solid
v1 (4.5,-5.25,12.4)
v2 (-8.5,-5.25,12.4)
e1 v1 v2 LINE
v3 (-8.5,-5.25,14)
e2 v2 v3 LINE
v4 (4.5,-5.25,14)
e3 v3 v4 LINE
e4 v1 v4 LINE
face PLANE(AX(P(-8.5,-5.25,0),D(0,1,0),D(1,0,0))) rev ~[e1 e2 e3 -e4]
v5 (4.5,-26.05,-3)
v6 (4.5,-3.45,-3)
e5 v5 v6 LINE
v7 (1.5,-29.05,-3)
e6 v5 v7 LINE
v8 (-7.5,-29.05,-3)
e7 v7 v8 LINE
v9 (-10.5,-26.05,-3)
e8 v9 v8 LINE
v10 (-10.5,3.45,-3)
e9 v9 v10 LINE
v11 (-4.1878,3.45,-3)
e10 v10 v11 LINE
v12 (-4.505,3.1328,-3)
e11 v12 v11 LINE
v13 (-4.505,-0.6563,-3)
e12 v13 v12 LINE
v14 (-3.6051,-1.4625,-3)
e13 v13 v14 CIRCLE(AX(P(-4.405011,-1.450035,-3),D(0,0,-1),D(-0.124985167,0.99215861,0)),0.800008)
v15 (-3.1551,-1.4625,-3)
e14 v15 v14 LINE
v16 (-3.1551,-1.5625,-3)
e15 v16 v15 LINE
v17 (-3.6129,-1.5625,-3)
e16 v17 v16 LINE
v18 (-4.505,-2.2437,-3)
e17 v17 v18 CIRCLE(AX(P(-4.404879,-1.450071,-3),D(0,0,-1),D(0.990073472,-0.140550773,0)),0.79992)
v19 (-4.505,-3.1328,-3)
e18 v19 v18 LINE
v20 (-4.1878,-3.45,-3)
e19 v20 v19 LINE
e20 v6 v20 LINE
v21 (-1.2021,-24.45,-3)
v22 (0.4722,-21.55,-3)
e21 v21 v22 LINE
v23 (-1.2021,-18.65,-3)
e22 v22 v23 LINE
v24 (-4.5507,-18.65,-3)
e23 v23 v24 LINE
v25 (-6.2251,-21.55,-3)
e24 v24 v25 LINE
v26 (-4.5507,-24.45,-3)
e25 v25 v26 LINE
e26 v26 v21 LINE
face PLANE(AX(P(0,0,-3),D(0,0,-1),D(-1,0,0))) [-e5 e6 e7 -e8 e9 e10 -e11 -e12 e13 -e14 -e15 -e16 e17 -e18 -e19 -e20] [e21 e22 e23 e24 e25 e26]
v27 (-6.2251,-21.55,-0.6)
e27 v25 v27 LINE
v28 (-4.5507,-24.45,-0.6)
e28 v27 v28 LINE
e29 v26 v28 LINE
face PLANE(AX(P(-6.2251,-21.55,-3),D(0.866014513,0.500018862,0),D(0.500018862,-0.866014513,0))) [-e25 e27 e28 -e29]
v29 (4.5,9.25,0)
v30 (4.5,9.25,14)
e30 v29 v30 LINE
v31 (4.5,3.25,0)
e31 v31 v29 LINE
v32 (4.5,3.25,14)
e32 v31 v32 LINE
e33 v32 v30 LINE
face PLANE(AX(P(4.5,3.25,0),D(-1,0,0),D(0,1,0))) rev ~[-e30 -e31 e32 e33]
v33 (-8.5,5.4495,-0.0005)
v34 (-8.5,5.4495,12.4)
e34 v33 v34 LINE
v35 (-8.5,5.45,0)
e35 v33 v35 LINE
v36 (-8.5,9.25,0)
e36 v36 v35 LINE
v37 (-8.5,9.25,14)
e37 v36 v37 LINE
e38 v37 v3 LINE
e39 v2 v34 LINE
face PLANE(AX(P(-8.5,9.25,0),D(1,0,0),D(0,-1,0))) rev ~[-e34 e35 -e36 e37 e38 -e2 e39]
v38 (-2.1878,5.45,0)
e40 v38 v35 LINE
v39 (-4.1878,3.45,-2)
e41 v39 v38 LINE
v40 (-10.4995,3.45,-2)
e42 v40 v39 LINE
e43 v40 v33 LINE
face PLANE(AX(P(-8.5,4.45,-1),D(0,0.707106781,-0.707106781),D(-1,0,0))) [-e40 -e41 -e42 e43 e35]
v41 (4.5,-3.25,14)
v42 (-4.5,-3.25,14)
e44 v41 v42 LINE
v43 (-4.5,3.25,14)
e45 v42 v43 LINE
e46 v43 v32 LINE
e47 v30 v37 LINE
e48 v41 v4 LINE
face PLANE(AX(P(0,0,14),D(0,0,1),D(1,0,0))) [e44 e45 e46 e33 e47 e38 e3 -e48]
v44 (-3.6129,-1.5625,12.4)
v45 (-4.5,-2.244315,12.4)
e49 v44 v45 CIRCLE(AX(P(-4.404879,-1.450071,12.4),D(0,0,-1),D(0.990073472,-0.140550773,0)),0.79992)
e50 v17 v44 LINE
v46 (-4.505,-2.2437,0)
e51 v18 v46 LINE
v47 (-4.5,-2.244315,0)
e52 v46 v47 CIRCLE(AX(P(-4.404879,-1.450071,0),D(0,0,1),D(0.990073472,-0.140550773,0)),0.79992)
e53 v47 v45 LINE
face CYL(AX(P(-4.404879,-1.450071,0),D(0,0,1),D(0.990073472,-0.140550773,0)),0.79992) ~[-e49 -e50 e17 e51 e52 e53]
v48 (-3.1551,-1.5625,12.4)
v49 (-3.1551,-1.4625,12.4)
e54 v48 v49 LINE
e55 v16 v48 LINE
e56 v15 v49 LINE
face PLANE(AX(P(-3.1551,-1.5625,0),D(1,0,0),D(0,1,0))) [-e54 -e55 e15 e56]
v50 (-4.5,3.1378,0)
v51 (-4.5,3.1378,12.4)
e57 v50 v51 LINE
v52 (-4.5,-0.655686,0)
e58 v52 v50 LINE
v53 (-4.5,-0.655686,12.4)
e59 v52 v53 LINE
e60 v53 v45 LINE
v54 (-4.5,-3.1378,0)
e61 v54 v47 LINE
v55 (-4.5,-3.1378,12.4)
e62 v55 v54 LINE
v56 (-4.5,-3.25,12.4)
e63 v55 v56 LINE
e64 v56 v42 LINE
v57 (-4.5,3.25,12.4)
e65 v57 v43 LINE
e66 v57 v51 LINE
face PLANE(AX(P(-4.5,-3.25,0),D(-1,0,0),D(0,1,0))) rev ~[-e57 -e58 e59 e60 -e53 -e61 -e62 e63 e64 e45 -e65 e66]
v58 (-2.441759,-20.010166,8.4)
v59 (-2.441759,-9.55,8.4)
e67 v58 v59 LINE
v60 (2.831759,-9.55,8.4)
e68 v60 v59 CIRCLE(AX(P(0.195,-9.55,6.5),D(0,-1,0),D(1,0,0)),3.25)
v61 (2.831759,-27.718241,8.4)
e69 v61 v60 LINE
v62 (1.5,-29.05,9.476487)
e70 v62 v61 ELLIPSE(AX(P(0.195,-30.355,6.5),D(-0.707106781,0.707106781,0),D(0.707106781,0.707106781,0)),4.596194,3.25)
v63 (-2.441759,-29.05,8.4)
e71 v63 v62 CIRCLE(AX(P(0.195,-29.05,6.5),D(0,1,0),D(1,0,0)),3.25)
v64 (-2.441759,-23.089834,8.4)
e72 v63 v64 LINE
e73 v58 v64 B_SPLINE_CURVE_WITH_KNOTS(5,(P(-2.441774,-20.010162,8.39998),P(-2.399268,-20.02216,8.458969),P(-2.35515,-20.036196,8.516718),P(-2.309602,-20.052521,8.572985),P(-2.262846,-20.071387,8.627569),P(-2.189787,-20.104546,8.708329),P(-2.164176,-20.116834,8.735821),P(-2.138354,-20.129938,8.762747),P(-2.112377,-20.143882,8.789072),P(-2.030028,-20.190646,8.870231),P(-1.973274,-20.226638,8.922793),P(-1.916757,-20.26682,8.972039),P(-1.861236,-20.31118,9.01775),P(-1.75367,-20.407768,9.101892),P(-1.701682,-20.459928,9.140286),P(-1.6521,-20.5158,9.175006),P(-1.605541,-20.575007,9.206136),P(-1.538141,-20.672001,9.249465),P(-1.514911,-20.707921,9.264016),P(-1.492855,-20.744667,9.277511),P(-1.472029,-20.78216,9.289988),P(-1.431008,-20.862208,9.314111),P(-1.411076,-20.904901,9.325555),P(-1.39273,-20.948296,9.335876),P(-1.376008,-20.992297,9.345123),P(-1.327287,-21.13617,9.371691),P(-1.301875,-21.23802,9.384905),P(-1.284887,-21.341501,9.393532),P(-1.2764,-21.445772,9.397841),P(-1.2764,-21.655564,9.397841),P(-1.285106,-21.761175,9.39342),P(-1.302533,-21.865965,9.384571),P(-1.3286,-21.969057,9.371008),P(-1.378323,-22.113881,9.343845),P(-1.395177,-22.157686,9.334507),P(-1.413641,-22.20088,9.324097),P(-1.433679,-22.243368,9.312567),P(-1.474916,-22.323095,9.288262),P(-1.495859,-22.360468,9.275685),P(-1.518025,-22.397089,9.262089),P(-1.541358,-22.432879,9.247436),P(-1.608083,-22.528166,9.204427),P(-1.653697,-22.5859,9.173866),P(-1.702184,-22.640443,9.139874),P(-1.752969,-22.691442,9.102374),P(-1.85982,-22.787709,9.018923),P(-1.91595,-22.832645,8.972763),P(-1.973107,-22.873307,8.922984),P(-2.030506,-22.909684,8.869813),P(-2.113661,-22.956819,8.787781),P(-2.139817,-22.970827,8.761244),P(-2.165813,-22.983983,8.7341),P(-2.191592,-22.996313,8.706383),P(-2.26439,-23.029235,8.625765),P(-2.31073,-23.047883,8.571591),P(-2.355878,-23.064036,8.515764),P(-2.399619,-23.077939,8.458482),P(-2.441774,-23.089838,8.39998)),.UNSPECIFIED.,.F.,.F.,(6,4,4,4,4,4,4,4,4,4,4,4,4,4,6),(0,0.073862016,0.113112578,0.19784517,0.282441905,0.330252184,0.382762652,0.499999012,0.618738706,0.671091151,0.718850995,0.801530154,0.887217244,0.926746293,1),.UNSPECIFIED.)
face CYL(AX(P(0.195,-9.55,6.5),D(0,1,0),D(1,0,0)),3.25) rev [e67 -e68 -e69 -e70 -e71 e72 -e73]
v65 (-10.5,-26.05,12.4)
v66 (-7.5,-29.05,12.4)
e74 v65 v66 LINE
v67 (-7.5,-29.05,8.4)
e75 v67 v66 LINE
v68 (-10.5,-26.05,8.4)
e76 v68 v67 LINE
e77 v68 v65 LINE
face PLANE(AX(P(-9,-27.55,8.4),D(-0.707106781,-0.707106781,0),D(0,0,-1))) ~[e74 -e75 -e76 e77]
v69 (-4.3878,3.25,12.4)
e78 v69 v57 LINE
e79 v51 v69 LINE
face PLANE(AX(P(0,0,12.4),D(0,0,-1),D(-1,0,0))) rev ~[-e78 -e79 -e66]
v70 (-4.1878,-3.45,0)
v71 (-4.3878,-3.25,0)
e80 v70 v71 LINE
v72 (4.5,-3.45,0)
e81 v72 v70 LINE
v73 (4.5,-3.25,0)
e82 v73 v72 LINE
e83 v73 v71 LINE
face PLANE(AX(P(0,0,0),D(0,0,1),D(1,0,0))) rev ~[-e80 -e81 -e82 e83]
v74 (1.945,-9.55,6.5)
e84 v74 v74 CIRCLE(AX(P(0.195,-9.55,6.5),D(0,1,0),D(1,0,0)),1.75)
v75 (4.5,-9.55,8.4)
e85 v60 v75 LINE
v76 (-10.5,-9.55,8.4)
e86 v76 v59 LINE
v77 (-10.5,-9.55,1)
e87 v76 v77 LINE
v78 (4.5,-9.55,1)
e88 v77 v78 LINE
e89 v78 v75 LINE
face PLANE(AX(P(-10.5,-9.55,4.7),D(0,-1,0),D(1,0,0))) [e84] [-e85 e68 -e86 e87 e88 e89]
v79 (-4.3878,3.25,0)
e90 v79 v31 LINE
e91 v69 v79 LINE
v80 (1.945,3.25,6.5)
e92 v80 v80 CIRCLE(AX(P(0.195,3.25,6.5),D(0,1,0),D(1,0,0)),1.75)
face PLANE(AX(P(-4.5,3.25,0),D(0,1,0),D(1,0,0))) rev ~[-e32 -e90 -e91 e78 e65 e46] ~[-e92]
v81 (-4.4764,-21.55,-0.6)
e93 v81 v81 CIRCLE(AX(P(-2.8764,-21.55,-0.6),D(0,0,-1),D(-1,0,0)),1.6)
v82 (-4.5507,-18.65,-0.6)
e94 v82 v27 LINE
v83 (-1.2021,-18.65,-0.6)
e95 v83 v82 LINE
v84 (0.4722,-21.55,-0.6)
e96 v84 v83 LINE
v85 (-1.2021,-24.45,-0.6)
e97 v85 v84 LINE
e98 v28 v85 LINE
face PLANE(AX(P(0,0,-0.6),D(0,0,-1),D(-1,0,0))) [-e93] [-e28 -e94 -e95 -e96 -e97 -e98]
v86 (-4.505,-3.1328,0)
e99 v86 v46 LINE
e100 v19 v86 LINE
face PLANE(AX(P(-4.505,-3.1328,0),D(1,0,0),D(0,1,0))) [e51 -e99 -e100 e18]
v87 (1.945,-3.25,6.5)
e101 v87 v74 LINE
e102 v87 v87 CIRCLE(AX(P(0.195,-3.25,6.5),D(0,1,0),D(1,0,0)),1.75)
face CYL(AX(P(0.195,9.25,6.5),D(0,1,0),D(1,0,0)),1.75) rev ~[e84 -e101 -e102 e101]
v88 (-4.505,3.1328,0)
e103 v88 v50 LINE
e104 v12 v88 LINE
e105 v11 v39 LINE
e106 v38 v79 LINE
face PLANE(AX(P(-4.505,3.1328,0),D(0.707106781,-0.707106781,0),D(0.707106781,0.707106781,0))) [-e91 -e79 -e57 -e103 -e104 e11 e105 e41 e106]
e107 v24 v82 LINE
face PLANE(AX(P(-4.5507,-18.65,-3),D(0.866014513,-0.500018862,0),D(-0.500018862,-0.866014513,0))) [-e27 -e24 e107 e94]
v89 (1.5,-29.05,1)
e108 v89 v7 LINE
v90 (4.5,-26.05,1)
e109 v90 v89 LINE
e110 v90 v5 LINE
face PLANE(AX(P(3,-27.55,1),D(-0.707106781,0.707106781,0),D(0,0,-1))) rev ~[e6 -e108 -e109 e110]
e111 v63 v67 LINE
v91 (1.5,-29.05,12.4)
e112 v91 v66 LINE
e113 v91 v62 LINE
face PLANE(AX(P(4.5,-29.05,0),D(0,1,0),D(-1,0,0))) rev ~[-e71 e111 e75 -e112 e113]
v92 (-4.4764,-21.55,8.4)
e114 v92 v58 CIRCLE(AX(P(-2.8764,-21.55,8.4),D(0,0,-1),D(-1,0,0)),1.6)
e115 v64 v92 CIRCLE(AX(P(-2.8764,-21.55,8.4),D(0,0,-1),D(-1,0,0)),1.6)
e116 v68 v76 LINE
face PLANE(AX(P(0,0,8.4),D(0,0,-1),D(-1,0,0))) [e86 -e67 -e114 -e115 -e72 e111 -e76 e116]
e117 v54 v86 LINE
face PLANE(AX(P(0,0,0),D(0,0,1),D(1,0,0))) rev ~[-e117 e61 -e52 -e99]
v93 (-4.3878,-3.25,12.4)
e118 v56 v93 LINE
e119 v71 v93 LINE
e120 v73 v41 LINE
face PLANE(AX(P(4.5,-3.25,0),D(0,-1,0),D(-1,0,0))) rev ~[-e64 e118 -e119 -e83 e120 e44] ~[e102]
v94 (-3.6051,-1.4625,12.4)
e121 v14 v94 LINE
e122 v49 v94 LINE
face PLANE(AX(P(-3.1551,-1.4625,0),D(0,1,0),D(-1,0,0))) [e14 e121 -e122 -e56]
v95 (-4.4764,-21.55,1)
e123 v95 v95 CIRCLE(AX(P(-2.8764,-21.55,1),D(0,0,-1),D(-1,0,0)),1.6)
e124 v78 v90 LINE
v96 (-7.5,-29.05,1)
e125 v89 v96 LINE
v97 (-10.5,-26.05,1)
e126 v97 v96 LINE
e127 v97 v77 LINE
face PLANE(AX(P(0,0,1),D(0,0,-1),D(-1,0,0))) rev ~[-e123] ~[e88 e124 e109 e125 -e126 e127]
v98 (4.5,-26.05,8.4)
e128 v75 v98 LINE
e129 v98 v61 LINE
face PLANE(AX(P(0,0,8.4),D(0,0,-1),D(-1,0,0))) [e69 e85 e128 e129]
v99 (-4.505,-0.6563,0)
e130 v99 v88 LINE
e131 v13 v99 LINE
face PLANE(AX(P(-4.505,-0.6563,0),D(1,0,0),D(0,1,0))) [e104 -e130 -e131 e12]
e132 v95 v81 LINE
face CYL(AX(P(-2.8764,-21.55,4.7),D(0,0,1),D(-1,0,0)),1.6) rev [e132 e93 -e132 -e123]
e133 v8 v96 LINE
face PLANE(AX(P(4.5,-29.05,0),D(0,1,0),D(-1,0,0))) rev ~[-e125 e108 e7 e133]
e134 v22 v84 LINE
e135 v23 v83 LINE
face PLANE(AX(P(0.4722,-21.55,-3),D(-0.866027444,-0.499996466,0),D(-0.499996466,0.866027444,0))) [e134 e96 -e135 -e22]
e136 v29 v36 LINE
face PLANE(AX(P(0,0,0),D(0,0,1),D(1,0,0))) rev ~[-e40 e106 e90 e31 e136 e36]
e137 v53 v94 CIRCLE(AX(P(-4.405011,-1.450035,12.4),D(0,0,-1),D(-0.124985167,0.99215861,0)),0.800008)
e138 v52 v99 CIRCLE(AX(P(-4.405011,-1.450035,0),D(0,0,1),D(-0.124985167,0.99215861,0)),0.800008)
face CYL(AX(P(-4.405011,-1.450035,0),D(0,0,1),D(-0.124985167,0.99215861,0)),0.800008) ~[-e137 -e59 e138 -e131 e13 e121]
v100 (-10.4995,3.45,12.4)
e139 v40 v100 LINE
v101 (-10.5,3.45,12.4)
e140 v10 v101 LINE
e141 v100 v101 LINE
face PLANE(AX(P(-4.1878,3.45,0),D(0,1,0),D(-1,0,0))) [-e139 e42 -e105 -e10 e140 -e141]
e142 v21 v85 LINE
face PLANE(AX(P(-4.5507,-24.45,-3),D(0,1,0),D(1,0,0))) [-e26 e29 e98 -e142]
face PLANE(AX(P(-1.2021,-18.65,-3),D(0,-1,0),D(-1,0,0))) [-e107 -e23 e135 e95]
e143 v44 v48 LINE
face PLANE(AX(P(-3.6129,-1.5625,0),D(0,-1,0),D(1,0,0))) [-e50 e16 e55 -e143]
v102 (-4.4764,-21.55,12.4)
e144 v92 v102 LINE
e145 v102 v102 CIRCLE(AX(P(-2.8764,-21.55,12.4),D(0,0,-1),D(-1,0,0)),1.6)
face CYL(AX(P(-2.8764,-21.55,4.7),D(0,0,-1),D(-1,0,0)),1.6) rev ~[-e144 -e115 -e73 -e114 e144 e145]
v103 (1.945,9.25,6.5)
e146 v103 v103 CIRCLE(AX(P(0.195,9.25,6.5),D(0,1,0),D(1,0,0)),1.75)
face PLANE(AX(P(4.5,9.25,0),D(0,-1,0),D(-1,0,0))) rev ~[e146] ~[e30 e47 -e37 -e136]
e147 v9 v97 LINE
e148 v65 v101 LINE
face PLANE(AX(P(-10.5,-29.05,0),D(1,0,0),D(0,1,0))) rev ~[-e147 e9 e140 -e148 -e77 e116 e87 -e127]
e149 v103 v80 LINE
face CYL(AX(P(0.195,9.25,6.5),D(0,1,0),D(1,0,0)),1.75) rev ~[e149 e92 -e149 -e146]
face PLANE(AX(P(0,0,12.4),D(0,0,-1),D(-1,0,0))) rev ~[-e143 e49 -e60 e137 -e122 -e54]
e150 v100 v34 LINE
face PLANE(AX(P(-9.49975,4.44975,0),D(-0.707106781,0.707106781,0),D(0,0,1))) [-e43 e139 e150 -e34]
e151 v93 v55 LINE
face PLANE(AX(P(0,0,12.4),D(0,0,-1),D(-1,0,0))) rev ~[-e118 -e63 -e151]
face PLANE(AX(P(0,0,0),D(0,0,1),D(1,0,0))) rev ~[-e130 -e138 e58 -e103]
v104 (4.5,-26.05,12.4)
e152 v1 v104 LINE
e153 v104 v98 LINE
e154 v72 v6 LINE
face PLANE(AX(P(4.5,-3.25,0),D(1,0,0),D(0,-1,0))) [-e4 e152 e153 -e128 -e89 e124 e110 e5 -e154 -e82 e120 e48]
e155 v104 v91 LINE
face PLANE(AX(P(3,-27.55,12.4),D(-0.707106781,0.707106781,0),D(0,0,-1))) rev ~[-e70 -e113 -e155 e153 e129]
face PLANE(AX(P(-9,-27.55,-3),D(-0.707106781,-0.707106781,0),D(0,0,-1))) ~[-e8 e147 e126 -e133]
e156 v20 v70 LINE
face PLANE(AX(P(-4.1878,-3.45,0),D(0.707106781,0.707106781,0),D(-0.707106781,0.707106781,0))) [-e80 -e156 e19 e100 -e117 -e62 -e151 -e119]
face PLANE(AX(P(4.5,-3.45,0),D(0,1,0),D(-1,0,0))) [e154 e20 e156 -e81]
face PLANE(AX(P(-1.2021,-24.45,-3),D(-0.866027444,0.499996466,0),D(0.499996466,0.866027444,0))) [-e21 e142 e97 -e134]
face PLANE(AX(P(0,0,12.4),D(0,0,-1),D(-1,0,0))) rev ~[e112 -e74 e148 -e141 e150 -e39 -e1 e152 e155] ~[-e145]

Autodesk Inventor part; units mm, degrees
ref_plane "YZ Plane" through (0, 0, 0) normal (1, 0, 0) x (0, 1, 0)
ref_plane "XZ Plane" through (0, 0, 0) normal (0, 1, 0) x (-1, 0, 0)
ref_plane "XY Plane" through (0, 0, 0) normal (0, 0, 1) x (1, 0, 0)
sketch "Эскиз2" plane through (0, 0, 0) normal (0, 0, 1) x (1, 0, 0)
  line L0 (-4.5, 3.25) -> (4.5, 3.25)
  line L1 (4.5, 3.25) -> (4.5, -3.25)
  line L2 (4.5, -3.25) -> (-4.5, -3.25)
  line L3 (-4.5, -3.25) -> (-4.5, 3.25)
  line L4 (-4.5, 3.25) -> (4.5, -3.25) construction
  line L5 (4.5, 3.25) -> (-4.5, -3.25) construction
  line L6 (8.5, 9.25) -> (4.5, 9.25) construction
  line L7 (-8.5, 9.25) -> (-8.5, -5.25)
  line L8 (-8.5, -5.25) -> (4.5, -5.25)
  line L9 (8.5, -5.25) -> (8.5, 9.25) construction
  line L10 (4.5, 3.25) -> (4.5, 9.25)
  line L11 (4.5, -3.25) -> (4.5, -5.25)
  line L12 (4.5, 9.25) -> (-8.5, 9.25)
  line L13 (4.5, -5.25) -> (8.5, -5.25) construction
  point P0 (0, 0)
  dimension "d0" = 9
  dimension "d1" = 6.5
  dimension "d2" = 6
extrude "Выдавливание1" add sketch "Эскиз2" along normal blind 14 contours L3 L2 L11 L8 L7 L12 L10 L0
sketch "Эскиз4" plane through (0, 0, 0) normal (0, 0, -1) x (-1, 0, 0)
  line L0 (2.9551, -1.2625) -> (2.9551, -1.7625) construction
  line L1 (2.9551, -1.7625) -> (3.4551, -1.7625) construction
  arc A0 (3.4551, -1.7625) -> (4.305, -2.445) centre (4.405, -1.45) ccw construction
  line L2 (4.305, -2.445) -> (4.305, -3.05) construction
  line L3 (4.305, -3.05) -> (4.105, -3.25) construction
  line L4 (4.105, -3.25) -> (-4.495, -3.25) construction
  line L5 (-4.495, -3.25) -> (-4.695, -3.05) construction
  line L6 (-4.695, -3.05) -> (-4.695, -2.445) construction
  arc A1 (-4.695, -2.445) -> (-3.8451, -1.7625) centre (-4.795, -1.45) ccw construction
  line L7 (-3.8451, -1.7625) -> (-3.3451, -1.7625) construction
  line L8 (-3.3451, -1.7625) -> (-3.3451, -1.2625) construction
  line L9 (-3.3451, -1.2625) -> (-3.8127, -1.2625) construction
  arc A2 (-3.8127, -1.2625) -> (-4.695, -0.455) centre (-4.795, -1.45) ccw construction
  line L10 (-4.695, -0.455) -> (-4.695, 3.05) construction
  line L11 (-4.695, 3.05) -> (-4.495, 3.25) construction
  line L12 (-4.495, 3.25) -> (4.105, 3.25) construction
  line L13 (4.105, 3.25) -> (4.305, 3.05) construction
  line L14 (4.305, 3.05) -> (4.305, -0.455) construction
  arc A3 (4.305, -0.455) -> (3.4227, -1.2625) centre (4.405, -1.45) ccw construction
  line L15 (3.4227, -1.2625) -> (2.9551, -1.2625) construction
  line L16 (4.1878, 3.45) -> (-4.5778, 3.45) construction
  line L17 (-4.5778, 3.45) -> (-4.895, 3.1328) construction
  line L18 (-4.895, 3.1328) -> (-4.895, -0.6563) construction
  arc A4 (-3.9951, -1.4625) -> (-4.895, -0.6563) centre (-4.795, -1.45) ccw construction
  line L19 (-3.9951, -1.4625) -> (-3.5451, -1.4625) construction
  line L20 (-3.5451, -1.4625) -> (-3.5451, -1.5625) construction
  line L21 (-3.5451, -1.5625) -> (-4.0029, -1.5625) construction
  arc A5 (-4.895, -2.2437) -> (-4.0029, -1.5625) centre (-4.795, -1.45) ccw construction
  line L22 (-4.895, -2.2437) -> (-4.895, -3.1328) construction
  line L23 (-4.895, -3.1328) -> (-4.5778, -3.45) construction
  line L24 (-4.5, -3.45) -> (4.1878, -3.45)
  line L25 (4.1878, -3.45) -> (4.505, -3.1328)
  line L26 (4.505, -3.1328) -> (4.505, -2.2437)
  arc A6 (3.6129, -1.5625) -> (4.505, -2.2437) centre (4.405, -1.45) ccw
  line L27 (3.6129, -1.5625) -> (3.1551, -1.5625)
  line L28 (3.1551, -1.5625) -> (3.1551, -1.4625)
  line L29 (3.1551, -1.4625) -> (3.6051, -1.4625)
  arc A7 (4.505, -0.6563) -> (3.6051, -1.4625) centre (4.405, -1.45) ccw
  line L30 (4.505, -0.6563) -> (4.505, 3.1328)
  line L31 (4.505, 3.1328) -> (4.1878, 3.45)
  line L32 (4.1878, 3.45) -> (8.5, 3.45)
  line L33 (8.5, 9.25) -> (8.5, -5.25) projected
  line L34 (-4.5, -5.25) -> (-4.5, -3.25) projected
  line L35 (-4.5, -3.45) -> (-4.5, -29.05)
  line L36 (-4.5, -29.05) -> (10.5, -29.05)
  line L37 (10.5, -29.05) -> (10.5, 3.45)
  line L38 (10.5, 3.45) -> (8.5, 3.45)
  point P0 (0, 0)
  dimension "d10" = 0.2
  dimension "d12" = 4.3122
  dimension "d13" = 15
extrude "Выдавливание3" add sketch "Эскиз4" along normal blind 3 and the other way blind 12.4
chamfer "Фаска1" distance 2 angle 45 1 edges at (-8.5, 3.45, 6.2)
chamfer "Фаска2" distance 2 angle 45 1 edges at (-6.3439, 3.45, 0)
ref_plane "РабПлоскость1" through (0, 0, 4.7) normal (0, 0, -1) x (-1, 0, 0)
sketch "Эскиз5" plane through (0, 0, 4.7) normal (0, 0, -1) x (-1, 0, 0)
  circle A0 centre (2.8764, -21.55) radius 11 construction
  line L0 (-4.5, -29.05) -> (10.5, -29.05) construction
  circle A1 centre (2.8764, -21.55) radius 1.6
  line L1 (10.5, -29.05) -> (10.5, 3.45) projected
  line L2 (10.5, -29.05) -> (10.5, -9.55)
  line L3 (10.5, -9.55) -> (-4.5, -9.55)
  line L4 (-4.5, -3.45) -> (-4.5, -29.05) projected
  line L5 (-4.5, -9.55) -> (-4.5, -29.05)
  line L6 (-4.5, -29.05) -> (10.5, -29.05)
  point P0 (0, 0)
  dimension "d27" = 22
  dimension "d28" = 7.5
  dimension "d29" = 3.2
  dimension "d30" = 12
extrude "Выдавливание4" cut sketch "Эскиз5" along normal mid plane 7.4
extrude "Выдавливание5" cut sketch "Эскиз5" along normal mid plane 20 contours A1
sketch "Эскиз6" plane through (0, 0, -3) normal (0, 0, -1) x (-1, 0, 0)
  circle A0 centre (2.8764, -21.55) radius 1.6 construction
  circle A1 centre (2.8764, -21.55) radius 1.6 projected
  line L0 (4.5507, -24.45) -> (1.2021, -24.45)
  line L1 (1.2021, -24.45) -> (-0.4722, -21.55)
  line L2 (-0.4722, -21.55) -> (1.2021, -18.65)
  line L3 (1.2021, -18.65) -> (4.5507, -18.65)
  line L4 (4.5507, -18.65) -> (6.2251, -21.55)
  line L5 (6.2251, -21.55) -> (4.5507, -24.45)
  line L6 (-4.5, -29.05) -> (10.5, -29.05) projected
  point P0 (0, 0)
  dimension "d35" = 5.8
extrude "Выдавливание6" cut sketch "Эскиз6" against normal blind 2.4
sketch "Эскиз3" plane through (-8.5, 9.25, 0) normal (0, 1, 0) x (1, 0, 0)
  line L0 (13, 0) -> (0, 0) construction
  circle A0 centre (8.695, -6.5) radius 1.75
  line L1 (13, 0) -> (13, -14) projected
  point P0 (8.5, 0)
  dimension "d5" = 3.5
  dimension "d9" = 4.305
extrude "Выдавливание2" cut sketch "Эскиз3" against normal blind 20
chamfer "Фаска5" distance 3 angle 45 4 edges at (-10.5, -29.05, 10.4) (-10.5, -29.05, -1) (4.5, -29.05, 10.4) (4.5, -29.05, -1)
sketch "Эскиз7" plane through (-10.5, -9.55, 8.4) normal (0, -1, 0) x (1, 0, 0)
  circle A0 centre (10.695, -1.9) radius 1.75 projected
  circle A1 centre (10.695, -1.9) radius 3.25
  point P0 (10.5, -8.4)
  dimension "d44" = 6.5
extrude "Выдавливание7" cut sketch "Эскиз7" along normal blind 20
properties part number "ограничитель" material "Полипропилен"
